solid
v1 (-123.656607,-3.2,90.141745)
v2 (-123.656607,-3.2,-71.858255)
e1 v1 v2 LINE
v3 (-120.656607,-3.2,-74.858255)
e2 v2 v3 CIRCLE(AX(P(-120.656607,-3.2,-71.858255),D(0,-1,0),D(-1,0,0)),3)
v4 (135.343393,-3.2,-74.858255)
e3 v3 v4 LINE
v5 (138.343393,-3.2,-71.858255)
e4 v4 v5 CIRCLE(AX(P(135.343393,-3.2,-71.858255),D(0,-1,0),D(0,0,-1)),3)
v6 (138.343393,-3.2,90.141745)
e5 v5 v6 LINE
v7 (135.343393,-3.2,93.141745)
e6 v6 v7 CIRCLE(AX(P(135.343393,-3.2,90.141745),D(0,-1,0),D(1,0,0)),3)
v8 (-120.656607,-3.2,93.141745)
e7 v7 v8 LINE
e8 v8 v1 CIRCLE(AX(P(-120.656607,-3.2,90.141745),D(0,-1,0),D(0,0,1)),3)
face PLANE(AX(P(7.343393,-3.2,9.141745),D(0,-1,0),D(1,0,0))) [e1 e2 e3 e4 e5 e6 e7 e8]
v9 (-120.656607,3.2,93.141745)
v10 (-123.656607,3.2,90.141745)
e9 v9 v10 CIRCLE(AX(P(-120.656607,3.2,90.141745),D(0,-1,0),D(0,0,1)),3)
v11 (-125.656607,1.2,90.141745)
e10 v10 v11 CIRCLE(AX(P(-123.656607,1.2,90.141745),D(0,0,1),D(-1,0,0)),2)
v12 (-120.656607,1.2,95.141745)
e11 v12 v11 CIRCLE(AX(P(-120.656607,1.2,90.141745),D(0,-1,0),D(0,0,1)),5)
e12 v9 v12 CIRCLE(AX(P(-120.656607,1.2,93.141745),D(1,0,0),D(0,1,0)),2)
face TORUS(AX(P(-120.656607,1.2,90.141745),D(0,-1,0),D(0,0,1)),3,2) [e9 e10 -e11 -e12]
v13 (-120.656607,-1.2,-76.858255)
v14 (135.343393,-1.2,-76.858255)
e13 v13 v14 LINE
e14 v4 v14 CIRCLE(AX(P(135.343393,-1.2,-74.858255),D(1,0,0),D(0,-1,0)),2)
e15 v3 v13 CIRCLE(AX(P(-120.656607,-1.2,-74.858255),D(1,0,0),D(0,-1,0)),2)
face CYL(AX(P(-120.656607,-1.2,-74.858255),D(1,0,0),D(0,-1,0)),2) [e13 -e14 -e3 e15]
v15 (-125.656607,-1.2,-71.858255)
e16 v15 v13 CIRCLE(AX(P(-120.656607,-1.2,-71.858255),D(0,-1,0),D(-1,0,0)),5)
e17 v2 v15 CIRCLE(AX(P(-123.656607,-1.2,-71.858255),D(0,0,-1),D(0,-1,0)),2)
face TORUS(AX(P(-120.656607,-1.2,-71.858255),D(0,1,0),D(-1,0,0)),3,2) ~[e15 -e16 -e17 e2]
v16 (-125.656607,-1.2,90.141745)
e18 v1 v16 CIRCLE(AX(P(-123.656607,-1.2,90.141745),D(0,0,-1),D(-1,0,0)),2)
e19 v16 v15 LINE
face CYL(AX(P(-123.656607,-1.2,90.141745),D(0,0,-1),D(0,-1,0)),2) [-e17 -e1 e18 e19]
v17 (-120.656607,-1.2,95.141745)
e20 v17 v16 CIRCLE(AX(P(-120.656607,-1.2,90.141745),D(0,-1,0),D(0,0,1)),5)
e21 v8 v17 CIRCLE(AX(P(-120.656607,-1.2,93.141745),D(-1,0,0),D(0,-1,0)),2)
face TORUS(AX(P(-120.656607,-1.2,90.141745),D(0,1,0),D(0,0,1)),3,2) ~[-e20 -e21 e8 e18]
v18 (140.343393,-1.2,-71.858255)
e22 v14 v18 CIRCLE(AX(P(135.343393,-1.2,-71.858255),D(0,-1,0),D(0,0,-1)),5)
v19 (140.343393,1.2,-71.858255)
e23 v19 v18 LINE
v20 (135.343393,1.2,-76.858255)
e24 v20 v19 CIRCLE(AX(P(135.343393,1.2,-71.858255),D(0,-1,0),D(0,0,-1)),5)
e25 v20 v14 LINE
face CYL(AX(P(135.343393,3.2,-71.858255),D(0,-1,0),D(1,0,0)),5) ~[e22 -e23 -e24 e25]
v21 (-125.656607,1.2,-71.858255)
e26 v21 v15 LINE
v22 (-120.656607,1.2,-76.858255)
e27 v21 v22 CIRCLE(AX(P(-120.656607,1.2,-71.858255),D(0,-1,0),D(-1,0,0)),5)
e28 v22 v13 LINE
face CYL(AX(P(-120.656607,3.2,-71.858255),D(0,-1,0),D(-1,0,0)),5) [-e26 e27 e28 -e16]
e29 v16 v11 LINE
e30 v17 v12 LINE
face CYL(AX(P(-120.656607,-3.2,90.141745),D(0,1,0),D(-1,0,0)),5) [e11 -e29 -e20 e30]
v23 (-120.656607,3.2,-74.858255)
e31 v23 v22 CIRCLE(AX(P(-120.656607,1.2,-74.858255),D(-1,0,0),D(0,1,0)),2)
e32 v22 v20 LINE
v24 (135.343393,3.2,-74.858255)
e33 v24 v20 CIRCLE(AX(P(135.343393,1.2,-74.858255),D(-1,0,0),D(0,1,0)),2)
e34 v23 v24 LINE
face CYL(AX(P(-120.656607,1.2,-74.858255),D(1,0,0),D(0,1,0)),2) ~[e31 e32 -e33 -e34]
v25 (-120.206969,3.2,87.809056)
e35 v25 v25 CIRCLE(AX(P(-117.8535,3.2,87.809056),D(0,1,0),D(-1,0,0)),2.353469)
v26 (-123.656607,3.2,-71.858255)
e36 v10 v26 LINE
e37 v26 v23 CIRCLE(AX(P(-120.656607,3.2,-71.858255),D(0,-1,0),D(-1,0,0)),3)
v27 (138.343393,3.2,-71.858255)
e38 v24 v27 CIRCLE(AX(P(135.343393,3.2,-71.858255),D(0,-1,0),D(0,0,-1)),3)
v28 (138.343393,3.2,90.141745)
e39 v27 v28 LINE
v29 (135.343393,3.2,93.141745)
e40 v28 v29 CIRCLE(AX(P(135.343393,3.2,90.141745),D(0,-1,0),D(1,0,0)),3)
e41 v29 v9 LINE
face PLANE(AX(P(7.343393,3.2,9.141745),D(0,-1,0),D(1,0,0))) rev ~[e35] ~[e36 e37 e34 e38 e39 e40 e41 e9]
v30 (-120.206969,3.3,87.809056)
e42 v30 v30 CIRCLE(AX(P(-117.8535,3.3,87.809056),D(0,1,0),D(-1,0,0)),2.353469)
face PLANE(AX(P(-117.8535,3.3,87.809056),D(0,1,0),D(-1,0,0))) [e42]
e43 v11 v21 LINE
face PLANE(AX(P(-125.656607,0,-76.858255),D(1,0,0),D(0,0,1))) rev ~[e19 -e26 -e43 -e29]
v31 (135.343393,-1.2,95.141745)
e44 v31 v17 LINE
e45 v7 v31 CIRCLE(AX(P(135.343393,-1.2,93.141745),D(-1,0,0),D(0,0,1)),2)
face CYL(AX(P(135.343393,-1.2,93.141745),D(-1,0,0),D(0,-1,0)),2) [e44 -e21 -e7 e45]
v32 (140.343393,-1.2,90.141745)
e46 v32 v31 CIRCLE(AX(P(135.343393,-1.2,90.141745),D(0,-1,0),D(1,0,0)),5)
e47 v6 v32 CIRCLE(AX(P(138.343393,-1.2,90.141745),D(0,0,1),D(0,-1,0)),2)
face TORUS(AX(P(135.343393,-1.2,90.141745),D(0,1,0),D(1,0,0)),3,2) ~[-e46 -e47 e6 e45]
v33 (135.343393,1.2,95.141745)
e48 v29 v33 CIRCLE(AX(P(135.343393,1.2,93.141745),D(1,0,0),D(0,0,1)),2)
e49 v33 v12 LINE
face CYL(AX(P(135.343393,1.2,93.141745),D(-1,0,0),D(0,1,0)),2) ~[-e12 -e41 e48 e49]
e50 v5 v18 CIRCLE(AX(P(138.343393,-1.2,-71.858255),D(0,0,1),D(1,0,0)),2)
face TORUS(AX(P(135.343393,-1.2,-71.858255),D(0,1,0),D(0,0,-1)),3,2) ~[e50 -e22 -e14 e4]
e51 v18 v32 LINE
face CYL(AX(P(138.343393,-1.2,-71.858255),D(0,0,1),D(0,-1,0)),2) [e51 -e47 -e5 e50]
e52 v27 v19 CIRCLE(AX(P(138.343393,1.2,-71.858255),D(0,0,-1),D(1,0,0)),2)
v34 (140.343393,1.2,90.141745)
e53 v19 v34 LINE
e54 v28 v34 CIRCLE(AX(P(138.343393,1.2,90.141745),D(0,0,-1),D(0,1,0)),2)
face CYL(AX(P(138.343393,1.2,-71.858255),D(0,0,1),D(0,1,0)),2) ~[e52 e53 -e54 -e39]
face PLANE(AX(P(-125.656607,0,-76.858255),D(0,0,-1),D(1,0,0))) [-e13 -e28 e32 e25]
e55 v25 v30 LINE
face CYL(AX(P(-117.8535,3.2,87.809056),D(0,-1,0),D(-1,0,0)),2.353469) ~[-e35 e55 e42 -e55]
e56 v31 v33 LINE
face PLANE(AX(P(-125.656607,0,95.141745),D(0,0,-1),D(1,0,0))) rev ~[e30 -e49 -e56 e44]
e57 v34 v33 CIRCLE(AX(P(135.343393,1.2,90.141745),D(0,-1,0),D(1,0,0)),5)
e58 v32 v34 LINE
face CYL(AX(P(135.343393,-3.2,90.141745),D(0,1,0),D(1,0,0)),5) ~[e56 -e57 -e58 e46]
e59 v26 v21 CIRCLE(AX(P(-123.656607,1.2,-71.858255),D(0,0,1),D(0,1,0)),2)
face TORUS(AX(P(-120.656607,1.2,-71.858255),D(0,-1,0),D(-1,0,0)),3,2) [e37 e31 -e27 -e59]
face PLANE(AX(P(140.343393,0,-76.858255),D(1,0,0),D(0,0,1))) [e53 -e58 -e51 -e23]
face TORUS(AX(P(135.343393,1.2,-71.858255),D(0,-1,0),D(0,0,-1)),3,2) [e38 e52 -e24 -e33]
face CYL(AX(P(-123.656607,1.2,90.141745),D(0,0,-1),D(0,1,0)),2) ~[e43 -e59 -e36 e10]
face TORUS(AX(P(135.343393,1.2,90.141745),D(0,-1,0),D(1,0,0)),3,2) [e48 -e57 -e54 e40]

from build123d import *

# Parameters (mm, degrees)
F0_W     = 266
F0_H     = 172
F1_DEPTH = 3.2
F2_R     = 5
F3_R     = 2
F4_R     = 2.3534685549
F5_DEPTH = 0.1


with BuildPart() as f1:
    # F0 (on Front) → F1 (new body, symmetric)
    with BuildSketch(Plane.XZ):
        with Locations((7.3433928192, 9.1417450992)):
            Rectangle(F0_W, F0_H)
    extrude(amount=F1_DEPTH, both=True)

    # F2
    f2_edges = [f1.edges().sort_by_distance(p)[0] for p in [
        (-125.656607, 0, 95.141745),
        (140.343393, 0, 95.141745),
        (140.343393, 0, -76.858255),
        (-125.656607, 0, -76.858255),
    ]]
    fillet(f2_edges, radius=F2_R)

    # F3
    f3_edges = [f1.edges().sort_by_distance(p)[0] for p in [
        (7.343393, 3.2, -76.858255),
        (7.343393, -3.2, -76.858255),
        (-125.656607, 3.2, 9.141745),
        (-125.656607, -3.2, 9.141745),
        (7.343393, 3.2, 95.141745),
        (140.343393, 3.2, 9.141745),
        (140.343393, -3.2, 9.141745),
        (7.343393, -3.2, 95.141745),
        (-124.192141, -3.2, -75.393789),
        (-124.192141, 3.2, -75.393789),
        (-124.192141, -3.2, 93.677279),
        (-124.192141, 3.2, 93.677279),
        (138.878927, -3.2, 93.677279),
        (138.878927, 3.2, -75.393789),
        (138.878927, -3.2, -75.393789),
        (138.878927, 3.2, 93.677279),
    ]]
    fillet(f3_edges, radius=F3_R)

    # F4 (on face) → F5 (join)
    with BuildSketch(Plane(origin=(0, 3.2, 0), x_dir=(-1, 0, 0), z_dir=(0, 1, 0))):
        with Locations((117.853499949, 87.8090560436)):
            Circle(F4_R)
    extrude(amount=F5_DEPTH)


solid = f1.part
